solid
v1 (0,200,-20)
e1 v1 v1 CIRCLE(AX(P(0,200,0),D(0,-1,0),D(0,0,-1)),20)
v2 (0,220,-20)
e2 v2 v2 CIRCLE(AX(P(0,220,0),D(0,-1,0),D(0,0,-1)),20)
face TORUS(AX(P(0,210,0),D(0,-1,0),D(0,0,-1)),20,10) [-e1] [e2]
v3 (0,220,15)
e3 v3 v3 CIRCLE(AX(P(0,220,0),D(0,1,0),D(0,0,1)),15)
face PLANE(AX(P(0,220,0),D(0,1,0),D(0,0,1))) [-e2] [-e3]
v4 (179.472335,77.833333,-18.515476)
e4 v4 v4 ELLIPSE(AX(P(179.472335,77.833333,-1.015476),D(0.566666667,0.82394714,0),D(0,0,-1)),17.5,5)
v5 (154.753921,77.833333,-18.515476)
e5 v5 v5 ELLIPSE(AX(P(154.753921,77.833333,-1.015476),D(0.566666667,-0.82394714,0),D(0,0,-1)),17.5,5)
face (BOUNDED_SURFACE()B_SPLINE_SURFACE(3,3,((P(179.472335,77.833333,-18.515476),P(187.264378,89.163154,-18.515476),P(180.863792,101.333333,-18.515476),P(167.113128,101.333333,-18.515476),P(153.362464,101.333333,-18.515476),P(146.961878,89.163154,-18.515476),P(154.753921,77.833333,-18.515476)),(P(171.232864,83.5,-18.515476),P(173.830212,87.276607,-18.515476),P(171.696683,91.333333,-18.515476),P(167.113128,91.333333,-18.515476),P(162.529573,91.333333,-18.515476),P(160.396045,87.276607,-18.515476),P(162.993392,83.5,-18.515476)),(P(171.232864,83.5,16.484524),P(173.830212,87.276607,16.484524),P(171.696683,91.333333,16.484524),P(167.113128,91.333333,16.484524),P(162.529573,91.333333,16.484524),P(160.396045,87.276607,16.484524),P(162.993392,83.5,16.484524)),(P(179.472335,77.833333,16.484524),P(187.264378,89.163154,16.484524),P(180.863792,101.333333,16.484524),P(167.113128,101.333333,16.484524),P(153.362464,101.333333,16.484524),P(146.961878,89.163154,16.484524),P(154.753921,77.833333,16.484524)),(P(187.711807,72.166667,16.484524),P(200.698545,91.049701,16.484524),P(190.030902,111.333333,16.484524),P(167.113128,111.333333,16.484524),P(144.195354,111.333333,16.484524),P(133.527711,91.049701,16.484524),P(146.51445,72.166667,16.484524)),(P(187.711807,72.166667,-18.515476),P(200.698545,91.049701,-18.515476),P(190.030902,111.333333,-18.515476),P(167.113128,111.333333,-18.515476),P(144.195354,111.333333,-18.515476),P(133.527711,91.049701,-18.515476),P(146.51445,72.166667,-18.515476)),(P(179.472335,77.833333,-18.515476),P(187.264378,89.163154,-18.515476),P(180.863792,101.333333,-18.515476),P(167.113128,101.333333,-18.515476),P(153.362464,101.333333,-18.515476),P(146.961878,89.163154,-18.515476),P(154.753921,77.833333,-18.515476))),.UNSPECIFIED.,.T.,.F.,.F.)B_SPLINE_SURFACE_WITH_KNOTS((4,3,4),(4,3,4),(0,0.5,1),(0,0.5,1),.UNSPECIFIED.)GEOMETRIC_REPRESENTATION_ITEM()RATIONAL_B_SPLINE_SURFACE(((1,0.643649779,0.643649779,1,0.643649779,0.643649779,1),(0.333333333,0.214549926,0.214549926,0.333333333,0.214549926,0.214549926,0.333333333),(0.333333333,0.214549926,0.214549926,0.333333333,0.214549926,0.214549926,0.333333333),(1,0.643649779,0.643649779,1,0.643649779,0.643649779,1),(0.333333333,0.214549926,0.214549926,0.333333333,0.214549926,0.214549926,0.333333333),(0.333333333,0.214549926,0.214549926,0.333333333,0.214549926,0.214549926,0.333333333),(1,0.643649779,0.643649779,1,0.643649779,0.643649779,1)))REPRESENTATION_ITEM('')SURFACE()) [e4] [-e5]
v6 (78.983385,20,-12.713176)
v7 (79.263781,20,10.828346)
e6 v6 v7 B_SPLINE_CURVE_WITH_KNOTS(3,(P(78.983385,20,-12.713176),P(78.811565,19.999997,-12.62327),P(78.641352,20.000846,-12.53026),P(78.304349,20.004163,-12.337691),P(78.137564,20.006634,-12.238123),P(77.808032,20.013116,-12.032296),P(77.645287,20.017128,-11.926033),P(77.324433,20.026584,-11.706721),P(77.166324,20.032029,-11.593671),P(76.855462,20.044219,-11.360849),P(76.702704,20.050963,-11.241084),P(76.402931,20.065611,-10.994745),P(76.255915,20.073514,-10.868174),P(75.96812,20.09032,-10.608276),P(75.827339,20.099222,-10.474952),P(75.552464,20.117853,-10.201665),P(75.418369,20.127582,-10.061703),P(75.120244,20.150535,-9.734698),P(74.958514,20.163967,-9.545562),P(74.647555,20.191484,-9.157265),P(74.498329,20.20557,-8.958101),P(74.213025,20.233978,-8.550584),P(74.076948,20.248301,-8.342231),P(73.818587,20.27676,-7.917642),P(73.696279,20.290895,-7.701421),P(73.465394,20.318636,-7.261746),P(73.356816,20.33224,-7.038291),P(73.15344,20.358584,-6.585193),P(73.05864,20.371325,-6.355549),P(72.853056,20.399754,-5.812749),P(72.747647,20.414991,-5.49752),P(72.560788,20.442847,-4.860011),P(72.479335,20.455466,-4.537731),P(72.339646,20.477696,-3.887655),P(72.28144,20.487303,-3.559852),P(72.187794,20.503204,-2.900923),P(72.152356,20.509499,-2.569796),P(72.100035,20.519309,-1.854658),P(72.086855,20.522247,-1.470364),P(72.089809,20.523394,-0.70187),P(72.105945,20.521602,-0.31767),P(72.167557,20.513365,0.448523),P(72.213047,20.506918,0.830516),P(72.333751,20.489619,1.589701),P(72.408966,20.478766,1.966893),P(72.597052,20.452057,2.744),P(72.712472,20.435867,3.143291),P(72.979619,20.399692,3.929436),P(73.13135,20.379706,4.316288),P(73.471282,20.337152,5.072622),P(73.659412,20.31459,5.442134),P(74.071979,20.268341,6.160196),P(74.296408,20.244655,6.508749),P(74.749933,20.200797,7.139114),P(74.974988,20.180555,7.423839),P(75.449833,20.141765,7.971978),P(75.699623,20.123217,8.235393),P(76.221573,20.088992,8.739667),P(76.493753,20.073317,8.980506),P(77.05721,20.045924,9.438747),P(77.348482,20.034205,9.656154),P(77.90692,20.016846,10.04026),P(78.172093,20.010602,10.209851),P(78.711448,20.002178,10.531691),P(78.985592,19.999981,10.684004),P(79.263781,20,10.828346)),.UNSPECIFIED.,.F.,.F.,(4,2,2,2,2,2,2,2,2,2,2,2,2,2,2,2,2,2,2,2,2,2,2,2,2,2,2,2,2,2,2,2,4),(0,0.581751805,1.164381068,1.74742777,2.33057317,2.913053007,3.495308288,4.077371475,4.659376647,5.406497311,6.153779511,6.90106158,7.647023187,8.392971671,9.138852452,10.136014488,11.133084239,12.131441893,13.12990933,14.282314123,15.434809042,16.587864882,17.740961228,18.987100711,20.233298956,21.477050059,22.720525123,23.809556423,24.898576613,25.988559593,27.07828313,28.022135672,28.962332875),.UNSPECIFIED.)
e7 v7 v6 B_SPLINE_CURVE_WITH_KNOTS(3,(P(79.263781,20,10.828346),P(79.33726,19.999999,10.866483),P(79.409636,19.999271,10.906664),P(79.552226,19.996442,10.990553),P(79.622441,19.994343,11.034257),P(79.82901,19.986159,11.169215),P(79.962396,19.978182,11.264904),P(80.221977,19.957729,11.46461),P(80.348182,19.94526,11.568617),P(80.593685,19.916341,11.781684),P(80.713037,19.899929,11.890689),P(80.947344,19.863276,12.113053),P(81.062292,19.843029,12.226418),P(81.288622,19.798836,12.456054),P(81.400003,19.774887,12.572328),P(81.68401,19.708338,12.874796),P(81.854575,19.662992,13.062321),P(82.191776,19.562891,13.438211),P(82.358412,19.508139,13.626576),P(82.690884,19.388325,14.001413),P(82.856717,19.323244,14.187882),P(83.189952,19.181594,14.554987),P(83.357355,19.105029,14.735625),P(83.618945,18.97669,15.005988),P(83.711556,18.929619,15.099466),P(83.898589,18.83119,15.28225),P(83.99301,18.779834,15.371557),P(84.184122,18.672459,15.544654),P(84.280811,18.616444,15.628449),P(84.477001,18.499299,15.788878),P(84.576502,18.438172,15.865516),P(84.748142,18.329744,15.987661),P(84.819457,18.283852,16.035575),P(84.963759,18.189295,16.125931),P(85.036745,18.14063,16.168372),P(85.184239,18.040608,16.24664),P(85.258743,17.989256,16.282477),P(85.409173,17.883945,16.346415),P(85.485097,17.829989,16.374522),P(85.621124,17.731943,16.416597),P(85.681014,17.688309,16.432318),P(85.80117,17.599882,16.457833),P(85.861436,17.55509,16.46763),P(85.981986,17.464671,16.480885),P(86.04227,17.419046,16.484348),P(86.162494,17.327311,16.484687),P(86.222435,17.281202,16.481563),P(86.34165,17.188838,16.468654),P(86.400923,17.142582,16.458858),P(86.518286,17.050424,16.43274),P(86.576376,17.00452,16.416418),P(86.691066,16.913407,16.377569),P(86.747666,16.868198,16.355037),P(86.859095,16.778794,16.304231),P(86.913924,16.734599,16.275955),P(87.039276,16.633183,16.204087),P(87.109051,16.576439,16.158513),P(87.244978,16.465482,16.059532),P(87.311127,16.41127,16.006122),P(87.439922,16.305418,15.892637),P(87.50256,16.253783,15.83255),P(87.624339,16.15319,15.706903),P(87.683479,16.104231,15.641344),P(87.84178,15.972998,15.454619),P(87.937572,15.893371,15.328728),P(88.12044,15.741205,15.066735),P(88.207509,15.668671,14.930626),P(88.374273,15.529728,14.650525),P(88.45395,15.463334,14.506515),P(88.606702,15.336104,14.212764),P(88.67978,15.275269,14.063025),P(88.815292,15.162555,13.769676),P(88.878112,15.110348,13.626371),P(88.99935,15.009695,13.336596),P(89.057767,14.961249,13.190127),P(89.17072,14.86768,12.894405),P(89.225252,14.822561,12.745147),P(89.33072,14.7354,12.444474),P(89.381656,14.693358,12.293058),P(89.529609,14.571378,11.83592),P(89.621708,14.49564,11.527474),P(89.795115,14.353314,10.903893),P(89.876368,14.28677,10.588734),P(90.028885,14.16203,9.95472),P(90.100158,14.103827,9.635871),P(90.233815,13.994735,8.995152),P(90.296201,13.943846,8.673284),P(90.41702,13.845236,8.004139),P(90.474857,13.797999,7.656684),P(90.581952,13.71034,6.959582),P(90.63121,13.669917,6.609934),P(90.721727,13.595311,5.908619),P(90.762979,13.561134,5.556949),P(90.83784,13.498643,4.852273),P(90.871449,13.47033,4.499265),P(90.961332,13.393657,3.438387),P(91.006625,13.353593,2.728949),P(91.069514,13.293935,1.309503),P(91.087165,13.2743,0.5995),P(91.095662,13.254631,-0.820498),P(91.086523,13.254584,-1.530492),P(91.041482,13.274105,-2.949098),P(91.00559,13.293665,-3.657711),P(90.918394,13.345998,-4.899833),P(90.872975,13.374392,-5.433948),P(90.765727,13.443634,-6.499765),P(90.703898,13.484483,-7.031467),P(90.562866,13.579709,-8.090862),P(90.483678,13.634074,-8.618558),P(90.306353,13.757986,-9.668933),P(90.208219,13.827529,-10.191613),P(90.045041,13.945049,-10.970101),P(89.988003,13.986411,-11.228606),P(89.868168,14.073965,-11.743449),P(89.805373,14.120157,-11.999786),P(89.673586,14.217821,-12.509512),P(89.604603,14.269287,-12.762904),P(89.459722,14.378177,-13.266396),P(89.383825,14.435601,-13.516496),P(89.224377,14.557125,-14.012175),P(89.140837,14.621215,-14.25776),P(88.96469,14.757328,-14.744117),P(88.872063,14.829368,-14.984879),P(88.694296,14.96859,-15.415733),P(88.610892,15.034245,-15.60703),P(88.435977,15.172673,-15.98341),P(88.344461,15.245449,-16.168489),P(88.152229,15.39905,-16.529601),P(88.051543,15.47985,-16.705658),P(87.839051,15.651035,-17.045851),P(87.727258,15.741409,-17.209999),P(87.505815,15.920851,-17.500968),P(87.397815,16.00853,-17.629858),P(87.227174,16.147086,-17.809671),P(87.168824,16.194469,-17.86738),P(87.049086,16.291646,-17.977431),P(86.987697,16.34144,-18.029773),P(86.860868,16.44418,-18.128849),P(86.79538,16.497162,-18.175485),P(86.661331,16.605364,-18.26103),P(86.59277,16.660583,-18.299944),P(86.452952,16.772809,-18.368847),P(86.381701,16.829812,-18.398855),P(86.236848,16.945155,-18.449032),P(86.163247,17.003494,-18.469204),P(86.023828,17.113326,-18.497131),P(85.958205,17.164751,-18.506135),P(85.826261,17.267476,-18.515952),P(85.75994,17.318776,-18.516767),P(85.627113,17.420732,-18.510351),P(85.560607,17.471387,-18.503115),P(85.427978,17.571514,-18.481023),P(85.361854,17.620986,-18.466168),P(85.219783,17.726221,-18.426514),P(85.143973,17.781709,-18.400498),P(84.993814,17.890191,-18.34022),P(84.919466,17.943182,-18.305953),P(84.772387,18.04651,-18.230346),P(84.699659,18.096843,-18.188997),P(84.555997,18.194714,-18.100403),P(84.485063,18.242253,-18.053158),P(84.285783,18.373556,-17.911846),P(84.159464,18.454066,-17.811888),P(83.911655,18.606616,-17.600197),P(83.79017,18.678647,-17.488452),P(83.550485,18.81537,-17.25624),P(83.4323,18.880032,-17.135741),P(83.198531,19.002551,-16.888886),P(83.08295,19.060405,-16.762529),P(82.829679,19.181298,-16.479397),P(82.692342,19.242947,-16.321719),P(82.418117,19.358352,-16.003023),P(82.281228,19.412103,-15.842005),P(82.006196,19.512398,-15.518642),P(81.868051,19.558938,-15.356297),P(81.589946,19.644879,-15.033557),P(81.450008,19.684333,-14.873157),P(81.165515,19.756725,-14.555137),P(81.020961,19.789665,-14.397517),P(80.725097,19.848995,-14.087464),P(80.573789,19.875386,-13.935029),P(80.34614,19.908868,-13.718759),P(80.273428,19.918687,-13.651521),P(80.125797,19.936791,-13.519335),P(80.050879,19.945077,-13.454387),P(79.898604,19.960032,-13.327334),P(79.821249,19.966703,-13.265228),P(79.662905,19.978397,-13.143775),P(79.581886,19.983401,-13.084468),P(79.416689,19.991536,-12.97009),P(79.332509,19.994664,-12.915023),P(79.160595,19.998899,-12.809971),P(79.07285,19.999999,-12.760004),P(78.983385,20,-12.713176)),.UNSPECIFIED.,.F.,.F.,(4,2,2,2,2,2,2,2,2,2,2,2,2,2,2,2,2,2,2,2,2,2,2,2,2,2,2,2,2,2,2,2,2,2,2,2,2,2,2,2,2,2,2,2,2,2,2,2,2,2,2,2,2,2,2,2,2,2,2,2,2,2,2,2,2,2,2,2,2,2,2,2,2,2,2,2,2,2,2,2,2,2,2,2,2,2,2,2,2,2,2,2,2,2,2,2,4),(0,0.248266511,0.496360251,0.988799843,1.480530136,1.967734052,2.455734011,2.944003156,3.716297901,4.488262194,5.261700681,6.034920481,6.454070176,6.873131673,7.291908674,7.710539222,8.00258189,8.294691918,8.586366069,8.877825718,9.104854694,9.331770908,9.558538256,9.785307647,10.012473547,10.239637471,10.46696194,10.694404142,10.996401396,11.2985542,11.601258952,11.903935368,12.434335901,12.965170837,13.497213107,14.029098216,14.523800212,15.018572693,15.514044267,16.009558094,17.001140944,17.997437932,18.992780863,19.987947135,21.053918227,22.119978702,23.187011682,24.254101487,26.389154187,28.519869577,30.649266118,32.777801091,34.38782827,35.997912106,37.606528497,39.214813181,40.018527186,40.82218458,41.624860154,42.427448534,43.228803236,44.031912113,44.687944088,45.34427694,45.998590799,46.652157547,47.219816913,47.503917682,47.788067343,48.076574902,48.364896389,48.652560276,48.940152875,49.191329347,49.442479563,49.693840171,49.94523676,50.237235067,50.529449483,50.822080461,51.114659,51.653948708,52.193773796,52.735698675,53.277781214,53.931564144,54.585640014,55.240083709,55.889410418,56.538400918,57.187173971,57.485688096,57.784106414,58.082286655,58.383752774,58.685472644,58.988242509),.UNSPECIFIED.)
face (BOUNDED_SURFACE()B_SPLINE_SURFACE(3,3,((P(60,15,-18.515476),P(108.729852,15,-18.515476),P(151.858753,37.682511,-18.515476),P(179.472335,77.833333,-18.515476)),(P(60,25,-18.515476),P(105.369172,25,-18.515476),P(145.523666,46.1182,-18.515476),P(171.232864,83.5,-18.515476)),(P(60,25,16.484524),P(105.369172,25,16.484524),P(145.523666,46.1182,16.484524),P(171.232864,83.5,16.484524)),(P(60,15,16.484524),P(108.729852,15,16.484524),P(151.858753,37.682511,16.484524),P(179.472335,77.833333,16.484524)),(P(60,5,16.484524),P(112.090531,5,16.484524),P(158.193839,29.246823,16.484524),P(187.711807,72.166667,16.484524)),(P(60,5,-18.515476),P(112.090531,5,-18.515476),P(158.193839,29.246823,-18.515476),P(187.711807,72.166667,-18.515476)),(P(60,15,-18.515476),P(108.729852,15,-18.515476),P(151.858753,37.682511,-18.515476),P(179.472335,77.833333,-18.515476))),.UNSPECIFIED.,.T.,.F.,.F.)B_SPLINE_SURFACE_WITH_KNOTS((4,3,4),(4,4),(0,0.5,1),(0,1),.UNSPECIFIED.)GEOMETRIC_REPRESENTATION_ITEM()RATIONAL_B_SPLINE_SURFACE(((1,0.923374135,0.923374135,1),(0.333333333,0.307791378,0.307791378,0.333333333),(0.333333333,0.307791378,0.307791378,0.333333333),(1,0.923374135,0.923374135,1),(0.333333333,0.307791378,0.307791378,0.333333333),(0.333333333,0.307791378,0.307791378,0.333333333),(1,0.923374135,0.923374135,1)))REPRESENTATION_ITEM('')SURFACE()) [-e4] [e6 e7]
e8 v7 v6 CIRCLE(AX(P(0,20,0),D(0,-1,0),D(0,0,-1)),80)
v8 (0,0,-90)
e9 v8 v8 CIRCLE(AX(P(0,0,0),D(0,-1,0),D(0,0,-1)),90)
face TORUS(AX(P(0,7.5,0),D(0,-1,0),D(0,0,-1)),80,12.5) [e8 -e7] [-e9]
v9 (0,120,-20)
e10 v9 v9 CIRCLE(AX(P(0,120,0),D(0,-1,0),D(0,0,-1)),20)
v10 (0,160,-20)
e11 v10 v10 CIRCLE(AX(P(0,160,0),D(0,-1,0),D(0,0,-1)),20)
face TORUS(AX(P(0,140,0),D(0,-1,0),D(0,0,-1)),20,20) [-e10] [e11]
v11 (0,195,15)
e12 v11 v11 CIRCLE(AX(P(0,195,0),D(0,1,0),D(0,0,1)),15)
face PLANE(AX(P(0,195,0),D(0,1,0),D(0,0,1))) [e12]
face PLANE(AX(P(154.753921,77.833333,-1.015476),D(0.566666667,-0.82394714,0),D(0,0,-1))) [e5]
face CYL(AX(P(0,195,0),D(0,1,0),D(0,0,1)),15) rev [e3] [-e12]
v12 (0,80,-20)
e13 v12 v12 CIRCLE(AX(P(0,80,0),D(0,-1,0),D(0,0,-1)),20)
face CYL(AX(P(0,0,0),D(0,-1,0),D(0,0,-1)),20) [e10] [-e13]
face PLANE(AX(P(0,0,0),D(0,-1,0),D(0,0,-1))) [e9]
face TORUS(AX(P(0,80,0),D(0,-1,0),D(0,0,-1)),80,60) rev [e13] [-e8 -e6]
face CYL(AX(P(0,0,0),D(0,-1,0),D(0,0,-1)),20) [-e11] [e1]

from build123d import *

# Parameters (mm, degrees)
CROQUIS4_RX           = 17.5
CROQUIS4_RY           = 5
CROQUIS5_R            = 15
CORTAR_EXTRUIR1_DEPTH = 25


with BuildPart() as part:
    # Croquis1 → Revolución1 (revolve)
    with BuildSketch(Plane.XY, mode=Mode.PRIVATE) as revoluci_n1_sk:
        with BuildLine():
            Line((0, 0), (0, 220))
            Line((0, 220), (20, 220))
            ThreePointArc((20, 220), (30, 210), (20, 200))
            Line((20, 200), (20, 160))
            ThreePointArc((20, 160), (40, 140), (20, 120))
            Line((20, 120), (20, 80))
            ThreePointArc((20, 80), (37.573593129, 37.573593129), (80, 20))
            ThreePointArc((80, 20), (91.180339887, 13.090169944), (90, 0))
            Line((90, 0), (0, 0))
        make_face()
    revolve(revoluci_n1_sk.sketch.rotate(Axis((0, 0, 0), (0, 1, 0)), 90), axis=Axis((0, 0, 0), (0, 1, 0)))

    # Barrer1: sweep along a path in Croquis2
    with BuildLine(Plane.XY) as barrer1_path:
        Line((0, 10), (60, 10))
        ThreePointArc((60, 10), (129.821200219, 27.240819526), (183.592070943, 75))
        ThreePointArc((183.592070943, 75), (167.113128151, 106.333333333), (150.634185358, 75))
    # Croquis4 → Barrer1 (sweep)
    with BuildSketch(Plane(origin=(0, 0, 0), x_dir=(0, 0, -1), z_dir=(1, 0, 0))):
        with Locations((1.015476046, 15)):
            Ellipse(CROQUIS4_RX, CROQUIS4_RY)
    sweep(path=barrer1_path.line)

    # Croquis5 → Cortar-Extruir1 (cut)
    with BuildSketch(Plane(origin=(0, 220, 0), x_dir=(1, 0, 0), z_dir=(0, 1, 0))):
        with Locations(Location((0, 0, 0), (0, 0, 270))):
            Circle(CROQUIS5_R)
    extrude(amount=-CORTAR_EXTRUIR1_DEPTH, mode=Mode.SUBTRACT)


solid = part.part
